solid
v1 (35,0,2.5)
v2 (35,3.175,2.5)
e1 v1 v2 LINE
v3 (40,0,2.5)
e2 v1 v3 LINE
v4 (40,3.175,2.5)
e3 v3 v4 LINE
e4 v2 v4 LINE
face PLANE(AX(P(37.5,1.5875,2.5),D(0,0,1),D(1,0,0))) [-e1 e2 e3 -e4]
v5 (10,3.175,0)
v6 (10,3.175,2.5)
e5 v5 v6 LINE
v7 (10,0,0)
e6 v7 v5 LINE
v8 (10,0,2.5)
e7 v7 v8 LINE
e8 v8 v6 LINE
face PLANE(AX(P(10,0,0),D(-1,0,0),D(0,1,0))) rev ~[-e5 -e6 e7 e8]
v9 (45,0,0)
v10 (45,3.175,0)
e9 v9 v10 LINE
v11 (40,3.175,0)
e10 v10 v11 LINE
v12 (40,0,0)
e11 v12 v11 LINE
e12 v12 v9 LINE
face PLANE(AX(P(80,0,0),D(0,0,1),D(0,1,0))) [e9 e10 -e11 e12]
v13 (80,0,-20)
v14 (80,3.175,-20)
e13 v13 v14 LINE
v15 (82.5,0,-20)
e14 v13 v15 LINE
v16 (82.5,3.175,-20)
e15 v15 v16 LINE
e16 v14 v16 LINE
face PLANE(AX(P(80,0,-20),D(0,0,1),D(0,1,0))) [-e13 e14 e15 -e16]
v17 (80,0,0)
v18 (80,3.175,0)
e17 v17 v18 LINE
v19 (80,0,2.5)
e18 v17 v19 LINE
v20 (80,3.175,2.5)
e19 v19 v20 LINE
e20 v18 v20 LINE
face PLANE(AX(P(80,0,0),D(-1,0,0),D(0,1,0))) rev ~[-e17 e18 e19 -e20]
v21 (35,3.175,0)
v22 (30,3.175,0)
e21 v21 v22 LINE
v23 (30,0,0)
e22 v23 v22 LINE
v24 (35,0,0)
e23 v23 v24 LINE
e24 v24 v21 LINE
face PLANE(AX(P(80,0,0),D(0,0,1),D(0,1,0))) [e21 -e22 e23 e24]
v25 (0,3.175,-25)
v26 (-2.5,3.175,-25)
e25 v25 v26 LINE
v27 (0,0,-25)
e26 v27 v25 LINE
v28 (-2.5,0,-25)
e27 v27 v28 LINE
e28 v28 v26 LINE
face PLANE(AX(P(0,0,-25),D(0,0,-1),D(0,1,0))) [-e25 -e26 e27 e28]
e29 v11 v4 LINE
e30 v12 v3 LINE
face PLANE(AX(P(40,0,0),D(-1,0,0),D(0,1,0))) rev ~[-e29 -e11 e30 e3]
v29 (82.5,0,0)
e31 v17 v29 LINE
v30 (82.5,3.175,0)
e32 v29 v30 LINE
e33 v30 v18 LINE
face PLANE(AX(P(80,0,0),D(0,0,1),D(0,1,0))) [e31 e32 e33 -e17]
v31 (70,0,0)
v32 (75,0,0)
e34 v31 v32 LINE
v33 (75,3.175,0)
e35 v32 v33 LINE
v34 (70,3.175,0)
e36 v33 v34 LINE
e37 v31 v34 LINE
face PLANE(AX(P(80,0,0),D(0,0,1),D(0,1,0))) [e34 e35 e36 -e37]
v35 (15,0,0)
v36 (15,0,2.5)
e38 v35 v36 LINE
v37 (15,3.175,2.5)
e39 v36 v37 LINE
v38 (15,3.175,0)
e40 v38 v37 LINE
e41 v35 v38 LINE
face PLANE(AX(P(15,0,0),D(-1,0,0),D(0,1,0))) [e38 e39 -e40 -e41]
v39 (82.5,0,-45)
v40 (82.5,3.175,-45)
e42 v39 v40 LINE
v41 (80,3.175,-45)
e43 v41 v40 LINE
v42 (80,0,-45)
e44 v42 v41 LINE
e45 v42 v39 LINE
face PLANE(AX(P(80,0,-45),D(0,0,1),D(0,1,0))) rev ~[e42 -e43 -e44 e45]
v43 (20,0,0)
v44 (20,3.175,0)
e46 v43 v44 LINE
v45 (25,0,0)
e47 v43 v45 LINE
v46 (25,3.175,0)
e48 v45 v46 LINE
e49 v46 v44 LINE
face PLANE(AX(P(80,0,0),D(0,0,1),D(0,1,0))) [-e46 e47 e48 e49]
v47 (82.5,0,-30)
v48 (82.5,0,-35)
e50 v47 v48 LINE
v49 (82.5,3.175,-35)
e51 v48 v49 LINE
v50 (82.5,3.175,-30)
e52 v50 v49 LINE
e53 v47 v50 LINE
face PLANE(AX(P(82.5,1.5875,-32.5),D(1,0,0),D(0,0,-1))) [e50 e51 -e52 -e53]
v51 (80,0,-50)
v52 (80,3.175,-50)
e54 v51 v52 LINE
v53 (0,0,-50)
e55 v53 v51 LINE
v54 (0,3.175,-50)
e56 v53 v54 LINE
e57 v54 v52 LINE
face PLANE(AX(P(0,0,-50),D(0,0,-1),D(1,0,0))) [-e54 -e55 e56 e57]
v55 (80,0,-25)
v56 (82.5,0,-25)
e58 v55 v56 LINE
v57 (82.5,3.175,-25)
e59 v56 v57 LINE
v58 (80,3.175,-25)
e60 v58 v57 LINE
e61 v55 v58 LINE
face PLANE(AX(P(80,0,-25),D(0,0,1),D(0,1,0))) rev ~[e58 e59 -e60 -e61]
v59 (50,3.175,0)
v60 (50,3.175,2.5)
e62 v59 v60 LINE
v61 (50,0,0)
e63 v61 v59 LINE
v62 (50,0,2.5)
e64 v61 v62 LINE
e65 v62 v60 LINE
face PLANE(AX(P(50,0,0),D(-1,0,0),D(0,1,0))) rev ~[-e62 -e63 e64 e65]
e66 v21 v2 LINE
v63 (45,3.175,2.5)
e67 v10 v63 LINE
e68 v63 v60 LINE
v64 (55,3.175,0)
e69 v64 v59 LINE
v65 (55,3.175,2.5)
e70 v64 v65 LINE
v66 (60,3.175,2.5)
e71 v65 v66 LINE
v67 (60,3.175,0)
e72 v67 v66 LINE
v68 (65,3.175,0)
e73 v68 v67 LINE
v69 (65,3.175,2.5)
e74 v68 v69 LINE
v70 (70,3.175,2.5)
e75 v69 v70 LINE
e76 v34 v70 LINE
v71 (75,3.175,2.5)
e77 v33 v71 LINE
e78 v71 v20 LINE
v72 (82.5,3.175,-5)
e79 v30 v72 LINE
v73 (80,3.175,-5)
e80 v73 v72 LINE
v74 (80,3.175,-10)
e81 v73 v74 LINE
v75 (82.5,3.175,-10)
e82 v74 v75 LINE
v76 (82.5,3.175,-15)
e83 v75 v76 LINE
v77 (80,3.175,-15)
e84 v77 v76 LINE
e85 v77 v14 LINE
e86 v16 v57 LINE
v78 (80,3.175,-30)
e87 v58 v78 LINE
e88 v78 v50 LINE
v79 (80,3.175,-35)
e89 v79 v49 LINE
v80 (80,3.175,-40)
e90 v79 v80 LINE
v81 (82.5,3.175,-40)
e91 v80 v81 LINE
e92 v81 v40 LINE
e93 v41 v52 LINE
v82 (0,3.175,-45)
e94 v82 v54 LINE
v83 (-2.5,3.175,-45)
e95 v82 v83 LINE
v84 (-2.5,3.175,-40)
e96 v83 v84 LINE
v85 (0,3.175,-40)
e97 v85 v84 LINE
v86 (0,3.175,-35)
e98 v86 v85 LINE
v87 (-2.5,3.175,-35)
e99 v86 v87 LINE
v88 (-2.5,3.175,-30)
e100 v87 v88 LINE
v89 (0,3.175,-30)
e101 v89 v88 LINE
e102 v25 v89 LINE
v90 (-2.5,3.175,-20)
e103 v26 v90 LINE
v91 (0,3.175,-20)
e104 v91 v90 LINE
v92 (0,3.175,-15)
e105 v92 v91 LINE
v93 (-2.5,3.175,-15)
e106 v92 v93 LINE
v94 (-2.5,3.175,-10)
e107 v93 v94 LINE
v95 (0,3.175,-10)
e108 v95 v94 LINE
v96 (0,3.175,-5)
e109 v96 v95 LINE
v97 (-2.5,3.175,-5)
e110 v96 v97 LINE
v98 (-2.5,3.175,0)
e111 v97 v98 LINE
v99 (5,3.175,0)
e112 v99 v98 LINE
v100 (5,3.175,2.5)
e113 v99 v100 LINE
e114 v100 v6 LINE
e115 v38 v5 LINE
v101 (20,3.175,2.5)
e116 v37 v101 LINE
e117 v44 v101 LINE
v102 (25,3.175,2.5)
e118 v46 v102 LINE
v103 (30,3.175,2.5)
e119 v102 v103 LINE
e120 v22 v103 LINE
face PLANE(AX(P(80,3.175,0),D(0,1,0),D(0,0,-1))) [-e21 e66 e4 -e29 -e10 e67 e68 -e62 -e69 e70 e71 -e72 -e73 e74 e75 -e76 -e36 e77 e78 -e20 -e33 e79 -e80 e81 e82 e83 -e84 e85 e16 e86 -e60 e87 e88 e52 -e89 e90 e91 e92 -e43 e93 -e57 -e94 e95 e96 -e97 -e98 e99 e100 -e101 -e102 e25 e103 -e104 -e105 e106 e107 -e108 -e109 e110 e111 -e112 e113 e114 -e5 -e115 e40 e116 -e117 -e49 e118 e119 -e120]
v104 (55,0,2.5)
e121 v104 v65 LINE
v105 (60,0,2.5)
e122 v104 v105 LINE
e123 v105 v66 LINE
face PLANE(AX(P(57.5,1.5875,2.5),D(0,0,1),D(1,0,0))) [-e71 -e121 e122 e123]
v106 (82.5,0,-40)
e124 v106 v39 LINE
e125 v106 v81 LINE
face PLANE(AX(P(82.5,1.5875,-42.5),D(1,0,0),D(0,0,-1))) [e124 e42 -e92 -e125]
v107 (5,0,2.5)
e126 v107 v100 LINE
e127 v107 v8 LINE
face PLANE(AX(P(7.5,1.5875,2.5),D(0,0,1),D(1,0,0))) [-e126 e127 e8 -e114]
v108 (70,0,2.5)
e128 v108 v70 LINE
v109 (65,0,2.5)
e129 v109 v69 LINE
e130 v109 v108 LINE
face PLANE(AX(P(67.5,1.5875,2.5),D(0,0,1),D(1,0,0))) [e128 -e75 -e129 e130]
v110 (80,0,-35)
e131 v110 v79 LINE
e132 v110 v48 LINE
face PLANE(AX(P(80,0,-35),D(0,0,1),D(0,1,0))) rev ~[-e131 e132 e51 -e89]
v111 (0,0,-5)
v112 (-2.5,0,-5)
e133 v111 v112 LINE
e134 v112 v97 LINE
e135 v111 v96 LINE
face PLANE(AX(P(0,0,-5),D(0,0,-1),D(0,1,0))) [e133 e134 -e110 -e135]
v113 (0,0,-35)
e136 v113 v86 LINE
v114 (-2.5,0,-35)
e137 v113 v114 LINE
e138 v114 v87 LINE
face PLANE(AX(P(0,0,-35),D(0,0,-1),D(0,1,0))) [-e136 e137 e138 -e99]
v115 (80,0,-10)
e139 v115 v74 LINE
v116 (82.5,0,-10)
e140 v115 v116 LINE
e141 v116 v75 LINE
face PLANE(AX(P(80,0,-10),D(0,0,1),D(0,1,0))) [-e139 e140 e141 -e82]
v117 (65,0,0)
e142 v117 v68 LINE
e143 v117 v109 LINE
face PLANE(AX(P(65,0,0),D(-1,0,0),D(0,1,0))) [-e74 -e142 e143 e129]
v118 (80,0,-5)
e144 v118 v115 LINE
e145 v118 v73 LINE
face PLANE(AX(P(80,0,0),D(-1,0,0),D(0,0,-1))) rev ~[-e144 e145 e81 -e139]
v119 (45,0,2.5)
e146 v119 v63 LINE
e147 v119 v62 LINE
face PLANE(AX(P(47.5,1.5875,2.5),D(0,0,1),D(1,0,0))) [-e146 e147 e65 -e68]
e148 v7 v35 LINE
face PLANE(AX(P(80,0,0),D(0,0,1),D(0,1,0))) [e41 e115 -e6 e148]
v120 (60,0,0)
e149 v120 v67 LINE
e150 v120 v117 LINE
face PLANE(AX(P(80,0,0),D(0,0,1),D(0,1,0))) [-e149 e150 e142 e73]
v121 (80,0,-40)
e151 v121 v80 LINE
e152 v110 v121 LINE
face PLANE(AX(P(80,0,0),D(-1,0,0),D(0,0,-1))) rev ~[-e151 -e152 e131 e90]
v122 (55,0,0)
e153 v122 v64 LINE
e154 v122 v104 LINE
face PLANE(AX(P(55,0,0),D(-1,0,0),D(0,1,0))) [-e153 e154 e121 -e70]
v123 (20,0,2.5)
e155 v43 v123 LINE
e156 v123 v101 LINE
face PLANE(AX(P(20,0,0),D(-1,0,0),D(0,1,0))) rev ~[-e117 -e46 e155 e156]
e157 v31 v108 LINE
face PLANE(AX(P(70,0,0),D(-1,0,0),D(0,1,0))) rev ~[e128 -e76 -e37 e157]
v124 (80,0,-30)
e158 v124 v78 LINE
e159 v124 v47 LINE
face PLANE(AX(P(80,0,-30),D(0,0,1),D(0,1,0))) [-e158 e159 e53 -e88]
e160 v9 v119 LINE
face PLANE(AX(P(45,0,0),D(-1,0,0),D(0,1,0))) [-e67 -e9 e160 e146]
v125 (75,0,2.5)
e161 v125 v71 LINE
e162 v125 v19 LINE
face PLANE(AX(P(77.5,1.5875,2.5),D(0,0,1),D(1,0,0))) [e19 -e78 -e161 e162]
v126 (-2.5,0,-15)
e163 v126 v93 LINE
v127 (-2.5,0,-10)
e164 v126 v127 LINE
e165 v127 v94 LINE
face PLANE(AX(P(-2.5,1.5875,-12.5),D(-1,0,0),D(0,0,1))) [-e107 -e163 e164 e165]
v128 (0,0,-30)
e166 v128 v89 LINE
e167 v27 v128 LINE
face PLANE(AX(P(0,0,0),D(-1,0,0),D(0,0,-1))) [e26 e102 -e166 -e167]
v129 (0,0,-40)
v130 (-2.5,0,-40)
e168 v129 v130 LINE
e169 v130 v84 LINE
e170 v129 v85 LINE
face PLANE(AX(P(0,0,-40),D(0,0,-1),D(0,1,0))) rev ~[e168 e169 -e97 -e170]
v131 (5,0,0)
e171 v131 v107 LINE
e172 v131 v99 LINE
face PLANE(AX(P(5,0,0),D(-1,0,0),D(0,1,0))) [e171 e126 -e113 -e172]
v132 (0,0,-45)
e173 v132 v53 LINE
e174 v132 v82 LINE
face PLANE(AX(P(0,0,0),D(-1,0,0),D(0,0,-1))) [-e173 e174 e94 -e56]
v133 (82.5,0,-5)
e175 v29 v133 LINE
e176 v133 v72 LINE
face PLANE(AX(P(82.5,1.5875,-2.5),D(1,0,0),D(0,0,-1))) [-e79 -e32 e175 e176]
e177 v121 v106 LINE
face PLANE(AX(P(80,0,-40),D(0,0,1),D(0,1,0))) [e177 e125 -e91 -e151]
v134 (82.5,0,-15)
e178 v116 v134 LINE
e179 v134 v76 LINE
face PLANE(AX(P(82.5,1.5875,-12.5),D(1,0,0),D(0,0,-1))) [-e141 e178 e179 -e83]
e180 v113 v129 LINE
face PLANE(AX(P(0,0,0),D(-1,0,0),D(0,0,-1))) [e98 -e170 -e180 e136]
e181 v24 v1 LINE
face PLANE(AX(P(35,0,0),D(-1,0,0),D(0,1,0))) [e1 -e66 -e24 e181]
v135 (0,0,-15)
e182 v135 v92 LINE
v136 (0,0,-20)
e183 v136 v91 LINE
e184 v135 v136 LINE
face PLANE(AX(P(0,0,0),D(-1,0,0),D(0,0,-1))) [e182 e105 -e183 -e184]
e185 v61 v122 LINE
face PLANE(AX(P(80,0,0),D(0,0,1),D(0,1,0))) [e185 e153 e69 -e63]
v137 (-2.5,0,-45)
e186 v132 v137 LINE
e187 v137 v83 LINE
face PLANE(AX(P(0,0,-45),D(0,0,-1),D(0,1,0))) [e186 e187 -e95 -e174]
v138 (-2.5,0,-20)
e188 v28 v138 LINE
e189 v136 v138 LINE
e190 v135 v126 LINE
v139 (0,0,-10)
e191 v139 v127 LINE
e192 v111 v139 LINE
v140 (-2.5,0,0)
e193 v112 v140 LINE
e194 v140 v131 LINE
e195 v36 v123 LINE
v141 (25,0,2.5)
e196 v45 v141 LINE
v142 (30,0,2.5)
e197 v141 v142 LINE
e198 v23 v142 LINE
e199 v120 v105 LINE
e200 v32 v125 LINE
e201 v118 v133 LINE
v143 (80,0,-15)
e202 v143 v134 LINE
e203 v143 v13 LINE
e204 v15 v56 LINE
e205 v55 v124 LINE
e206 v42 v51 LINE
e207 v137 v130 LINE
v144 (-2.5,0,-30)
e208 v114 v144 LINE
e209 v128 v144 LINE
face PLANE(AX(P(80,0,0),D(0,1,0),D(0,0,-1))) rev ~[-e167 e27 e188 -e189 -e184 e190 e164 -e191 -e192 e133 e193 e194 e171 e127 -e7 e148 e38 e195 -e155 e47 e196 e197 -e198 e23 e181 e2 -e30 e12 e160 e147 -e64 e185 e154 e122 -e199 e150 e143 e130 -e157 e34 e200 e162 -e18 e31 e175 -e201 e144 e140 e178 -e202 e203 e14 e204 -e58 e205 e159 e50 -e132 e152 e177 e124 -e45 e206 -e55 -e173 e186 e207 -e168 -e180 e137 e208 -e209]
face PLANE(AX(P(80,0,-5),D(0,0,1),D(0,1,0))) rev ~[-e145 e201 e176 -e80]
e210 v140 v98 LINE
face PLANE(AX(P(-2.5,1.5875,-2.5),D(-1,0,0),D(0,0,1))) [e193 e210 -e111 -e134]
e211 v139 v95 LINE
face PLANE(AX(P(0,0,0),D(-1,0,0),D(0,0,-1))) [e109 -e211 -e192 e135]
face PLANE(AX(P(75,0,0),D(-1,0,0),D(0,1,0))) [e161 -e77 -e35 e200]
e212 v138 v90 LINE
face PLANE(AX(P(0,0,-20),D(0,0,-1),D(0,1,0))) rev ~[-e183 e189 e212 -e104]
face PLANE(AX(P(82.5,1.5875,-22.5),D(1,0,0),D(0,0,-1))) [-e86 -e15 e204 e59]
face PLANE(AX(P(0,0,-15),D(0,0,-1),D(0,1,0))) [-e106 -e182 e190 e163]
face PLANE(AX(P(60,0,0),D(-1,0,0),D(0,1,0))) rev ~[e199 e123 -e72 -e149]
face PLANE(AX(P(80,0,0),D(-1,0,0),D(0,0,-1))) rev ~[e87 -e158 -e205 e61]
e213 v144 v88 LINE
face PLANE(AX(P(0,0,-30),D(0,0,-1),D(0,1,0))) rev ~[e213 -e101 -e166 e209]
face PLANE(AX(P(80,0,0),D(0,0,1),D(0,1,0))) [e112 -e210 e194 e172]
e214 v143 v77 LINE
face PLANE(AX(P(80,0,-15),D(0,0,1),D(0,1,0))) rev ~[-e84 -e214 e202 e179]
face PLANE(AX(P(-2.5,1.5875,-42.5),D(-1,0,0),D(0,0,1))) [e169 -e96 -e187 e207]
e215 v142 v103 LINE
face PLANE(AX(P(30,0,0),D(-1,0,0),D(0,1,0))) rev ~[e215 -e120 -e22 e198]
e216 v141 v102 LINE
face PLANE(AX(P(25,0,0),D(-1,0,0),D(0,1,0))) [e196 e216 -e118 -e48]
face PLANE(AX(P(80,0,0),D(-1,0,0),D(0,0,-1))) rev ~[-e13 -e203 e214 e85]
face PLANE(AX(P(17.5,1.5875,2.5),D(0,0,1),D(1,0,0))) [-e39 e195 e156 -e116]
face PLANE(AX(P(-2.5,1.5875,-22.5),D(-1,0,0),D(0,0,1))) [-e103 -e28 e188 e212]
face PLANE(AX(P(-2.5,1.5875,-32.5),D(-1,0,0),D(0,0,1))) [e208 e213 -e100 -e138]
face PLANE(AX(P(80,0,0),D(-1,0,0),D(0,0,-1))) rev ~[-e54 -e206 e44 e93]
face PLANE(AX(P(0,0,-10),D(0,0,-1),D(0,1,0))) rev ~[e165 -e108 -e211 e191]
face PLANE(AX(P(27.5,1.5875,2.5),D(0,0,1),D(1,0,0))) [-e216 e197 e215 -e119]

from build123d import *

# Parameters (mm, degrees)
SKETCH1_W           = 80
SKETCH1_H           = 50
BOSS_EXTRUDE1_DEPTH = 3.175
SKETCH2_W           = 5
SKETCH2_H           = 3.175
BOSS_EXTRUDE2_DEPTH = 2.5
LPATTERN1_COUNT     = 5
LPATTERN1_PITCH     = 10
SKETCH3_W           = 5
SKETCH3_H           = 3.175
BOSS_EXTRUDE3_DEPTH = 2.5
LPATTERN2_COUNT     = 5
LPATTERN2_PITCH     = 10
SKETCH4_W           = 5
SKETCH4_H           = 3.175
BOSS_EXTRUDE4_DEPTH = 2.5
LPATTERN3_COUNT     = 8
LPATTERN3_PITCH     = 10


with BuildPart() as part:
    # Sketch1 → Boss-Extrude1 (new body)
    with BuildSketch(Plane(origin=(0, 0, 0), x_dir=(1, 0, 0), z_dir=(0, 1, 0))):
        with Locations((40, 25)):
            Rectangle(SKETCH1_W, SKETCH1_H)
    extrude(amount=BOSS_EXTRUDE1_DEPTH)

    # Sketch2 → Boss-Extrude2 (add)
    with BuildSketch(Plane.ZY):
        with Locations((-2.5, 1.5875)):
            Rectangle(SKETCH2_W, SKETCH2_H)
    boss_extrude2 = extrude(amount=BOSS_EXTRUDE2_DEPTH)

    # LPattern1: Boss-Extrude2 ×5
    with Locations(*[(0, 0, -i * LPATTERN1_PITCH) for i in range(1, LPATTERN1_COUNT)]):
        add(boss_extrude2)

    # Sketch3 → Boss-Extrude3 (add)
    with BuildSketch(Plane(origin=(80, 0, 0), x_dir=(0, 0, -1), z_dir=(1, 0, 0))):
        with Locations((2.5, 1.5875)):
            Rectangle(SKETCH3_W, SKETCH3_H)
    boss_extrude3 = extrude(amount=BOSS_EXTRUDE3_DEPTH)

    # LPattern2: Boss-Extrude3 ×5
    with Locations(*[(0, 0, -i * LPATTERN2_PITCH) for i in range(1, LPATTERN2_COUNT)]):
        add(boss_extrude3)

    # Sketch4 → Boss-Extrude4 (add)
    with BuildSketch(Plane.XY):
        with Locations((77.5, 1.5875)):
            Rectangle(SKETCH4_W, SKETCH4_H)
    boss_extrude4 = extrude(amount=BOSS_EXTRUDE4_DEPTH)

    # LPattern3: Boss-Extrude4 ×8
    with Locations(*[(-i * LPATTERN3_PITCH, 0, 0) for i in range(1, LPATTERN3_COUNT)]):
        add(boss_extrude4)


solid = part.part
